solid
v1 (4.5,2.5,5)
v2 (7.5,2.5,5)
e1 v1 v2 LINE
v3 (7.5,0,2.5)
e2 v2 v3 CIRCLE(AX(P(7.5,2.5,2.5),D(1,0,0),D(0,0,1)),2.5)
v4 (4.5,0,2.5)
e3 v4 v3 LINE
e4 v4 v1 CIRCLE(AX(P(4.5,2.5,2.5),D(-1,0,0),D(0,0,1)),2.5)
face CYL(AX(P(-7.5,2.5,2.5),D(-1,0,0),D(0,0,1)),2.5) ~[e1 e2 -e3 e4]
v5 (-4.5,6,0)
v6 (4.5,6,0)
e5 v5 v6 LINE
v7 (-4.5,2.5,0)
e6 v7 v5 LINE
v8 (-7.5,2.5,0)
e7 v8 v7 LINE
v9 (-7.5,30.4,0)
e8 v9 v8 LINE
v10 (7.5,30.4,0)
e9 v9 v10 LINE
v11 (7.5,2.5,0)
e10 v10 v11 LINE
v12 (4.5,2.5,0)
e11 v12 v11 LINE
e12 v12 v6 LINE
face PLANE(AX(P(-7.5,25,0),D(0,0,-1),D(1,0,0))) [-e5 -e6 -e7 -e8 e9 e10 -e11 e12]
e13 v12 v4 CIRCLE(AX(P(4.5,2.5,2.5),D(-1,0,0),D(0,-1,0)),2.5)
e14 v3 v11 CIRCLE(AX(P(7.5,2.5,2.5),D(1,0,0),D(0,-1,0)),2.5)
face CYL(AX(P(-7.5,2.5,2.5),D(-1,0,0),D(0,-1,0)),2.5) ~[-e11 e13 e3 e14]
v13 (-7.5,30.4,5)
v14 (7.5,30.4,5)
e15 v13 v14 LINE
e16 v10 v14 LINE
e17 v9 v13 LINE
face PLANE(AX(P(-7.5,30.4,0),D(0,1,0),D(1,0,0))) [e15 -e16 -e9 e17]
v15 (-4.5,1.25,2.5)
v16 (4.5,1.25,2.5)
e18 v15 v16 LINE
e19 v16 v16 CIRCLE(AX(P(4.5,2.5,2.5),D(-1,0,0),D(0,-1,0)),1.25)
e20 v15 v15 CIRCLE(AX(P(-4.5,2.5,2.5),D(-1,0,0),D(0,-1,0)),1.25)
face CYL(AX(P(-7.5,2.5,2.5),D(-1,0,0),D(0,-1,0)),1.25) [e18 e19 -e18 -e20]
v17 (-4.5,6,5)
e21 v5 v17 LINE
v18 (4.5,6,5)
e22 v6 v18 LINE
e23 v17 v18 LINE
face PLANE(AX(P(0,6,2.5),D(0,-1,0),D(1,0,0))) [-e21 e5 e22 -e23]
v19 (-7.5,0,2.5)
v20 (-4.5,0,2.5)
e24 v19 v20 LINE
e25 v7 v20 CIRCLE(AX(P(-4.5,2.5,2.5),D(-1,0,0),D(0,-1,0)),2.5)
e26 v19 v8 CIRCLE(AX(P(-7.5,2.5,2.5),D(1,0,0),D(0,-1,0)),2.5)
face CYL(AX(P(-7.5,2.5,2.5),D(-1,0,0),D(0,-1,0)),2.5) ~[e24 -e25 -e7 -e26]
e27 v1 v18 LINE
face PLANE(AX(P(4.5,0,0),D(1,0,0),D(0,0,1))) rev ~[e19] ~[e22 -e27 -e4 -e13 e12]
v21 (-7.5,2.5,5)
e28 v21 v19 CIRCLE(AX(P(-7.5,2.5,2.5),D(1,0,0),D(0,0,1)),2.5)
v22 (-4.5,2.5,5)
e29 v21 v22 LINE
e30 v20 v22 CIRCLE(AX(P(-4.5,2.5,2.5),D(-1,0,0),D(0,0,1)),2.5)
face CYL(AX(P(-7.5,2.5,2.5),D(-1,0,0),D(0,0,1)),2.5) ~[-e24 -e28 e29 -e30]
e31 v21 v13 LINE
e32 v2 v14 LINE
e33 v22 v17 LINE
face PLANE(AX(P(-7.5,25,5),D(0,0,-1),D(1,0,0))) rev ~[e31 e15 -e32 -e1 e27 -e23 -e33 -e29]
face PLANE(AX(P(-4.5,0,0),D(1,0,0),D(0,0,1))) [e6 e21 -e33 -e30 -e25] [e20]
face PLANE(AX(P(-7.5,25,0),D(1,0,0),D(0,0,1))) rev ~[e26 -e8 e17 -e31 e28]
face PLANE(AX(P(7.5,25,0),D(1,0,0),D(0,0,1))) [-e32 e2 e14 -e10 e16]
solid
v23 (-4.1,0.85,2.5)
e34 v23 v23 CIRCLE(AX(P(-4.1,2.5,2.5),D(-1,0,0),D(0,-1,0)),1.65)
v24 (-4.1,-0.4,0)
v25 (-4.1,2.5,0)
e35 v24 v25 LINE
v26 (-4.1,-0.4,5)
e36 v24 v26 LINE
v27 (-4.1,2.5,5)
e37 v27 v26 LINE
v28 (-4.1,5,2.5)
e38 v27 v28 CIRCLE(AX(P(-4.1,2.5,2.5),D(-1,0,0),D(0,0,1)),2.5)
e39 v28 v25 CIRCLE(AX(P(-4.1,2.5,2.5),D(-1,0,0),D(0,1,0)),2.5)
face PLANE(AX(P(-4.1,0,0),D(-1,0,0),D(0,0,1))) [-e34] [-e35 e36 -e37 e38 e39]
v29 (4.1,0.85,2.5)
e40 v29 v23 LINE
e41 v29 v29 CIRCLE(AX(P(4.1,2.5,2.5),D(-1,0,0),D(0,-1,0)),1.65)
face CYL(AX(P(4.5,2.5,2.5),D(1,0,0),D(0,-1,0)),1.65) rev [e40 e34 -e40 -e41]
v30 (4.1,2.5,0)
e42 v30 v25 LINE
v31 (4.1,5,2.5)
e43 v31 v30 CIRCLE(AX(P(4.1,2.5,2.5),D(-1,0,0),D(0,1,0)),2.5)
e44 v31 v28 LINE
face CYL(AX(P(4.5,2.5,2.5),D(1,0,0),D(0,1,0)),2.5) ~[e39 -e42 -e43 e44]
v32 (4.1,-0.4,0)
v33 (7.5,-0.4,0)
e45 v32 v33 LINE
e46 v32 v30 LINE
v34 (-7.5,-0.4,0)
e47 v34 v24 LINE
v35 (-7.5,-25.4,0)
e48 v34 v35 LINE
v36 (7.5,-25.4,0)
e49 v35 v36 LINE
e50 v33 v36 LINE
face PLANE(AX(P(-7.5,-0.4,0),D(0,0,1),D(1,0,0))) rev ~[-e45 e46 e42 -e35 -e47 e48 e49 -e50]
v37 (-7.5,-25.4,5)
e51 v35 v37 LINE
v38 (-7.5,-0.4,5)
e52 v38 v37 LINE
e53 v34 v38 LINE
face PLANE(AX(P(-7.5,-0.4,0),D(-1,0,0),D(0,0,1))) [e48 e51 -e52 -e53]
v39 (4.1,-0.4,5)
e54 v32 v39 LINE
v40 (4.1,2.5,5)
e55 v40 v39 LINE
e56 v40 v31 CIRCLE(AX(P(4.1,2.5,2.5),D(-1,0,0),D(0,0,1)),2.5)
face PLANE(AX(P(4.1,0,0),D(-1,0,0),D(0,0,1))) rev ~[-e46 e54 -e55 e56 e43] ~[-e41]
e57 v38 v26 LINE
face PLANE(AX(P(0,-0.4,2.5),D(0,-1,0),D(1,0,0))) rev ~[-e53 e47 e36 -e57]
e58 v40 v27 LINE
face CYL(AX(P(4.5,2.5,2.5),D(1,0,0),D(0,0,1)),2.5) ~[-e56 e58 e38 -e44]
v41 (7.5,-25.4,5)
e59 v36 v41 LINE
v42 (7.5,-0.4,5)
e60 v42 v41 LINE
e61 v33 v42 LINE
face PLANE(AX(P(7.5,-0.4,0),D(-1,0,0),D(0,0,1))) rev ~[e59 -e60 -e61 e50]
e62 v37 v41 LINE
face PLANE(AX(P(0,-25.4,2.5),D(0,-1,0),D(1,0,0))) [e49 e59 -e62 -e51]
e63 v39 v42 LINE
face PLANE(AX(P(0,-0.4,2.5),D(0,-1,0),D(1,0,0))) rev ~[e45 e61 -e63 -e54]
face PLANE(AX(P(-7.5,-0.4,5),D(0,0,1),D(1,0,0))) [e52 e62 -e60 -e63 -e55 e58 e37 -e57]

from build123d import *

# Parameters (mm, degrees)
F0_W      = 15
F0_H      = 25
F1_DEPTH  = 5
F2_W      = 9
F2_H      = 5
F3_DEPTH  = 6
F5_DEPTH  = 15
F4_R      = 1.25
F6_DEPTH  = 15
F7_R      = 1.65
F8_DEPTH  = 9
F9_DEPTH  = 0.4
F10_DEPTH = 0.4
F11_DEPTH = 0.4
F12_W     = 15
F12_H     = 5
F13_DEPTH = 25
F14_DEPTH = 5.4


with BuildPart() as f1:
    # F0 (on Top) → F1 (new body)
    with BuildSketch(Plane.XY):
        with Locations((0, 12.5)):
            Rectangle(F0_W, F0_H)
    extrude(amount=F1_DEPTH)

    # F2 (on face) → F3 (cut)
    with BuildSketch(Plane.XZ):
        with Locations((0, 2.5)):
            Rectangle(F2_W, F2_H)
    extrude(amount=-F3_DEPTH, mode=Mode.SUBTRACT)

    # F4 (on face) → F5 (cut, through all)
    with BuildSketch(Plane(origin=(-7.5, 0, 0), x_dir=(0, -1, 0), z_dir=(-1, 0, 0))):
        with BuildLine():
            ThreePointArc((-2.5, 5), (-0.732233047, 4.267766953), (0, 2.5))
            Line((0, 2.5), (0, 5))
            Line((0, 5), (-2.5, 5))
        make_face()
        with BuildLine():
            Line((0, 0), (0, 2.5))
            ThreePointArc((0, 2.5), (-0.732233047, 0.732233047), (-2.5, 0))
            Line((-2.5, 0), (0, 0))
        make_face()
    extrude(amount=-F5_DEPTH, mode=Mode.SUBTRACT)

    # F4 (on face) → F6 (join, through all)
    with BuildSketch(Plane(origin=(-7.5, 0, 0), x_dir=(0, -1, 0), z_dir=(-1, 0, 0))):
        with Locations((-2.5, 2.5)):
            Circle(F4_R)
    extrude(amount=-F6_DEPTH)

    # F14 (add): a face of the model
    f14_faces = [f1.faces().sort_by_distance(p)[0] for p in [
        (0, 25, 2.5),
    ]]
    extrude(f14_faces, amount=F14_DEPTH)


with BuildPart() as f8:
    # F7 (on face) → F8 (new body, through all)
    with BuildSketch(Plane(origin=(4.5, 0, 0), x_dir=(0, -1, 0), z_dir=(-1, 0, 0))):
        with BuildLine():
            ThreePointArc((0, 2.5), (-0.732233047, 4.267766953), (-2.5, 5))
            ThreePointArc((-2.5, 5), (-4.267766953, 4.267766953), (-5, 2.5))
            ThreePointArc((-5, 2.5), (-4.267766953, 0.732233047), (-2.5, 0))
            ThreePointArc((-2.5, 0), (-0.732233047, 0.732233047), (0, 2.5))
        make_face()
        with Locations((-2.5, 2.5)):
            Circle(F7_R, mode=Mode.SUBTRACT)
        with BuildLine():
            Line((0, 2.5), (0, 5))
            Line((0, 5), (-2.5, 5))
            ThreePointArc((-2.5, 5), (-0.732233047, 4.267766953), (0, 2.5))
        make_face()
        with BuildLine():
            Line((0, 0), (0, 2.5))
            ThreePointArc((0, 2.5), (-0.732233047, 0.732233047), (-2.5, 0))
            Line((-2.5, 0), (0, 0))
        make_face()
    extrude(amount=F8_DEPTH)

    # F9 (cut): a face of the model
    f9_faces = [f8.faces().sort_by_distance(p)[0] for p in [
        (-4.5, 4.9292893219, 2.5),
    ]]
    extrude(f9_faces, amount=-F9_DEPTH, mode=Mode.SUBTRACT)

    # F10 (cut): a face of the model
    f10_faces = [f8.faces().sort_by_distance(p)[0] for p in [
        (4.5, 4.9292893219, 2.5),
    ]]
    extrude(f10_faces, amount=-F10_DEPTH, mode=Mode.SUBTRACT)

    # F11 (add): a face of the model
    f11_faces = [f8.faces().sort_by_distance(p)[0] for p in [
        (0, 0, 2.5),
    ]]
    extrude(f11_faces, amount=F11_DEPTH)

    # F12 (on face) → F13 (join)
    with BuildSketch(Plane.XZ.offset(0.4)):
        with Locations((0, 2.5)):
            Rectangle(F12_W, F12_H)
    extrude(amount=F13_DEPTH)


solid = Compound([f1.part, f8.part])
